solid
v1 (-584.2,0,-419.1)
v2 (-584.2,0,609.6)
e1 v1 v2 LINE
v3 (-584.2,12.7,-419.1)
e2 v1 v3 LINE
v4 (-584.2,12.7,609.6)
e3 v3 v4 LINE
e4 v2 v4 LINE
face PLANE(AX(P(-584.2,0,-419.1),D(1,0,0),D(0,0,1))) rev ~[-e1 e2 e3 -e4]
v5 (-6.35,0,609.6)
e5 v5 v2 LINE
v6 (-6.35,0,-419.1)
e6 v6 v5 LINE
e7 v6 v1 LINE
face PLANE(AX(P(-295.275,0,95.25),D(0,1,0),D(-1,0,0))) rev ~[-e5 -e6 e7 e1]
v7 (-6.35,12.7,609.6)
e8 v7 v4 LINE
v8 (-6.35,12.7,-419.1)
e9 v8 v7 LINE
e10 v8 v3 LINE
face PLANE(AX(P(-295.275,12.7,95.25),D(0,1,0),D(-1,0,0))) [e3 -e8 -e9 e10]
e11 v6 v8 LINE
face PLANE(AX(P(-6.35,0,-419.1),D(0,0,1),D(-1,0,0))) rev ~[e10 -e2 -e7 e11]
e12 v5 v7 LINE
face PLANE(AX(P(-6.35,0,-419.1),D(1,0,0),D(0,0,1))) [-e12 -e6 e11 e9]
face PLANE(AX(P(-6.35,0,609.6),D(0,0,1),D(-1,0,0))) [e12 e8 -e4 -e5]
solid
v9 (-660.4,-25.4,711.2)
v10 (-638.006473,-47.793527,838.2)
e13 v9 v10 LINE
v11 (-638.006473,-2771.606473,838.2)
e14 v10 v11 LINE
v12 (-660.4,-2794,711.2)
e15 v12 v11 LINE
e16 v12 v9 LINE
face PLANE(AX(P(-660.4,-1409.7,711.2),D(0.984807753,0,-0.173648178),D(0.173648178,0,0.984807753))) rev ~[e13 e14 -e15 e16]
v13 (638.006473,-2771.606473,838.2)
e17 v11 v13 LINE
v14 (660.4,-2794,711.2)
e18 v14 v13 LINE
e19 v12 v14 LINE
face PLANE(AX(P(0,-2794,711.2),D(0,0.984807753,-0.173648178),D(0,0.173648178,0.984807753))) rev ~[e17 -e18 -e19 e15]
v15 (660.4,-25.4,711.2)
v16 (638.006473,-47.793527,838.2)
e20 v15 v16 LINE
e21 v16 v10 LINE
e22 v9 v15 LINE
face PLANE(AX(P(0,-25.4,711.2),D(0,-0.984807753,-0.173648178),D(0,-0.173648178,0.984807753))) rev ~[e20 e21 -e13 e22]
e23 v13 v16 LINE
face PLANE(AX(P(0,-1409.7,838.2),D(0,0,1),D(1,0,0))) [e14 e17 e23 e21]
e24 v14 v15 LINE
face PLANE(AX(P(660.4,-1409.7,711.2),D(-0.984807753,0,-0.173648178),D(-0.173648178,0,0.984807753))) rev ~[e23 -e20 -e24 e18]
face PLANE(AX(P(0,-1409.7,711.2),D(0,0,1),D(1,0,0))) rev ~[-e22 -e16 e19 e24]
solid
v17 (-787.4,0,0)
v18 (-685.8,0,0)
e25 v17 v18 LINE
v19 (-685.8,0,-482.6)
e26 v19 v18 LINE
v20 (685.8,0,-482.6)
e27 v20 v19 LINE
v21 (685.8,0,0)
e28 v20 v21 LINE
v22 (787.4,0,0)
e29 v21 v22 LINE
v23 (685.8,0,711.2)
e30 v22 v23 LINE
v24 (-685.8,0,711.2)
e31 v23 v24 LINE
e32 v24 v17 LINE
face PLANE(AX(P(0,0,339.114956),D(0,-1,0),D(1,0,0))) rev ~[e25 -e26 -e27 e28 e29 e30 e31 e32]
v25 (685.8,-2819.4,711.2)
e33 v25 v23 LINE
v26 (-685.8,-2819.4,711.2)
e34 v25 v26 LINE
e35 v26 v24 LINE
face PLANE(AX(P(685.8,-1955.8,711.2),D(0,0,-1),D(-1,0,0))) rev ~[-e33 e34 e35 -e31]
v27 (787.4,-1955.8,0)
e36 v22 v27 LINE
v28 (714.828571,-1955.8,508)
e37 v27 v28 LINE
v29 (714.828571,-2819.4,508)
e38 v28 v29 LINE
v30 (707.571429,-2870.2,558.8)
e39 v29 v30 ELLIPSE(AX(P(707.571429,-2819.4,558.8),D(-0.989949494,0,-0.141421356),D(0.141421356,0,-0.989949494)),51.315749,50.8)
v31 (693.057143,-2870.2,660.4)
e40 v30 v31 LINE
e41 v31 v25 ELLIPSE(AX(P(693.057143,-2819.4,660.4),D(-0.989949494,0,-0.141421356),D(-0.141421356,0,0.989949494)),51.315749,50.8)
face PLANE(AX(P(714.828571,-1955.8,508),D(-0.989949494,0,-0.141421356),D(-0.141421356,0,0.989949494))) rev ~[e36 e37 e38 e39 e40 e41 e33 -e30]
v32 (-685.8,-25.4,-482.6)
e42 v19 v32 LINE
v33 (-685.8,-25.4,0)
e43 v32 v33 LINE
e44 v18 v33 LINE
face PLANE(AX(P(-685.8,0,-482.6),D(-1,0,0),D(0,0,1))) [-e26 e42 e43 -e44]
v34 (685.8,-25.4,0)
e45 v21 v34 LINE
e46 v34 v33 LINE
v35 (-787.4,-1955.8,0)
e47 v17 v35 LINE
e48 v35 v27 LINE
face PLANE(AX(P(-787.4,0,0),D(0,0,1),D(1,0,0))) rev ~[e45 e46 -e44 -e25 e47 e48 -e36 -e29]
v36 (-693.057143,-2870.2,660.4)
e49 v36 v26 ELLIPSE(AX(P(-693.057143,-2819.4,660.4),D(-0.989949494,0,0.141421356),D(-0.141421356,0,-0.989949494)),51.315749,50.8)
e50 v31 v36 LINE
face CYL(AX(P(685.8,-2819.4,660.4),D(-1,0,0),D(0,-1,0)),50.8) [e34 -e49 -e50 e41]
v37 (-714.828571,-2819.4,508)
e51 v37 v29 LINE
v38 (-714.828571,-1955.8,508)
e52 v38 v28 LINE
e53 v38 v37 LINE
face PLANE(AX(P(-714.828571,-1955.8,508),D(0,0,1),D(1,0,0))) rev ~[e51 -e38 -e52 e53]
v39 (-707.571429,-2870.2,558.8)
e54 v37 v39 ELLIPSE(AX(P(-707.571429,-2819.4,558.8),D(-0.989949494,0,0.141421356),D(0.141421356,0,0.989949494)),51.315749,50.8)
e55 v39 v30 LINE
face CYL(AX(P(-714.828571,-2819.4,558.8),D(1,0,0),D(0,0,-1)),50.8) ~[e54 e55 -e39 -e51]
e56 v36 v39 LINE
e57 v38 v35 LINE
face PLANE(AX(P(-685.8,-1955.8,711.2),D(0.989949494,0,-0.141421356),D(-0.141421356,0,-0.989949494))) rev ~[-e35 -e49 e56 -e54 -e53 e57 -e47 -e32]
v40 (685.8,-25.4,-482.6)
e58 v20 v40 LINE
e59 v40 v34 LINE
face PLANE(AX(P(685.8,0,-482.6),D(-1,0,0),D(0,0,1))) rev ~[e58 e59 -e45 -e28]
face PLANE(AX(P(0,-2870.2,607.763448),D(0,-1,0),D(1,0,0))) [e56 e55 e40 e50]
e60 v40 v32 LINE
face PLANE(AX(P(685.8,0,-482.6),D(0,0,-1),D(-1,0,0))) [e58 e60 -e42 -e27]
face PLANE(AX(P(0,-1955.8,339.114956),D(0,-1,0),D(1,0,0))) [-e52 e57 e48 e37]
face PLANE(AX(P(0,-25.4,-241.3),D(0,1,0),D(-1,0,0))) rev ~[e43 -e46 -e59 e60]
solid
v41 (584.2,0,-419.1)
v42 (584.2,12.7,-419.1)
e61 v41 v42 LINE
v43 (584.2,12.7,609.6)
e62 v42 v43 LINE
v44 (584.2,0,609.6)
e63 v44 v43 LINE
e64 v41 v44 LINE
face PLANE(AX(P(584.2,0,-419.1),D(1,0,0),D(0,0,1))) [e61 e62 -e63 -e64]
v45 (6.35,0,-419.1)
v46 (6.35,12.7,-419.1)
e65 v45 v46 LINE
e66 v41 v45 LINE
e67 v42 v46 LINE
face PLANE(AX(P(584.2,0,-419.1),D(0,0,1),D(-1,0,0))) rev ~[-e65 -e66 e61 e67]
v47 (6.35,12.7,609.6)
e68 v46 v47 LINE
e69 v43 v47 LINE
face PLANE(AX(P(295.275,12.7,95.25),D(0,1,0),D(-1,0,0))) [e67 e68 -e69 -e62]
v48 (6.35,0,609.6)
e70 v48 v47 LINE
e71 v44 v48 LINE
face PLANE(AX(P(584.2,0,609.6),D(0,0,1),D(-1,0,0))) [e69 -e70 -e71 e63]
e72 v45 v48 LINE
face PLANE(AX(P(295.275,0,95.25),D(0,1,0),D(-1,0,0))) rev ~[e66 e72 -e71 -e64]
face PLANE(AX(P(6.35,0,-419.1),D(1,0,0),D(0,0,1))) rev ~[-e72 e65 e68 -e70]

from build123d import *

# Parameters (mm, degrees)
F1_DEPTH  = 1955.8
F3_DEPTH  = 914.4
F4_R      = 50.8
F5_W      = 1320.8
F5_H      = 2768.6
F6_DEPTH  = 127
F6_TAPER  = 10
F7_W      = 1371.6
F7_H      = 482.6
F8_DEPTH  = 25.4
F9_W      = 577.85
F9_H      = 1028.7
F10_DEPTH = 12.7


with BuildPart() as f1:
    # F0 (on Front) → F1 (new body)
    with BuildSketch(Plane.XZ):
        Polygon((-787.4, 0), (0, 0), (787.4, 0), (685.8, 711.2), (0, 711.2), (-685.8, 711.2), align=None)
    extrude(amount=F1_DEPTH)

    # F2 (on face) → F3 (join)
    with BuildSketch(Plane.XZ.offset(1955.8)):
        Polygon((-685.8, 711.2), (-714.8285714286, 508), (714.8285714286, 508), (685.8, 711.2), align=None)
    extrude(amount=F3_DEPTH)

    # F4
    f4_edges = [f1.edges().sort_by_distance(p)[0] for p in [
        (0, -2870.2, 711.2),
        (0, -2870.2, 508),
    ]]
    fillet(f4_edges, radius=F4_R)

    # F7 (on face) → F8 (join)
    with BuildSketch(Plane(origin=(0, 0, 0), x_dir=(-1, 0, 0), z_dir=(0, 1, 0))):
        with Locations((0, -241.3)):
            Rectangle(F7_W, F7_H)
    extrude(amount=-F8_DEPTH)


with BuildPart() as f6:
    # F5 (on face) → F6 (new body)
    with BuildSketch(Plane.XY.offset(711.2)):
        with Locations((0, -1409.7)):
            Rectangle(F5_W, F5_H)
    extrude(amount=F6_DEPTH, taper=F6_TAPER)


with BuildPart() as f10:
    # F9 (on face) → F10 (new body)
    with BuildSketch(Plane(origin=(0, 0, 0), x_dir=(-1, 0, 0), z_dir=(0, 1, 0))):
        with Locations((-295.275, 95.25)):
            Rectangle(F9_W, F9_H)
    extrude(amount=F10_DEPTH)


with BuildPart() as f10b:
    # F9 (on face) → F10, piece 2 (new body)
    with BuildSketch(Plane(origin=(0, 0, 0), x_dir=(-1, 0, 0), z_dir=(0, 1, 0))):
        with Locations((295.275, 95.25)):
            Rectangle(F9_W, F9_H)
    extrude(amount=F10_DEPTH)


solid = Compound([f1.part, f6.part, f10.part, f10b.part])
